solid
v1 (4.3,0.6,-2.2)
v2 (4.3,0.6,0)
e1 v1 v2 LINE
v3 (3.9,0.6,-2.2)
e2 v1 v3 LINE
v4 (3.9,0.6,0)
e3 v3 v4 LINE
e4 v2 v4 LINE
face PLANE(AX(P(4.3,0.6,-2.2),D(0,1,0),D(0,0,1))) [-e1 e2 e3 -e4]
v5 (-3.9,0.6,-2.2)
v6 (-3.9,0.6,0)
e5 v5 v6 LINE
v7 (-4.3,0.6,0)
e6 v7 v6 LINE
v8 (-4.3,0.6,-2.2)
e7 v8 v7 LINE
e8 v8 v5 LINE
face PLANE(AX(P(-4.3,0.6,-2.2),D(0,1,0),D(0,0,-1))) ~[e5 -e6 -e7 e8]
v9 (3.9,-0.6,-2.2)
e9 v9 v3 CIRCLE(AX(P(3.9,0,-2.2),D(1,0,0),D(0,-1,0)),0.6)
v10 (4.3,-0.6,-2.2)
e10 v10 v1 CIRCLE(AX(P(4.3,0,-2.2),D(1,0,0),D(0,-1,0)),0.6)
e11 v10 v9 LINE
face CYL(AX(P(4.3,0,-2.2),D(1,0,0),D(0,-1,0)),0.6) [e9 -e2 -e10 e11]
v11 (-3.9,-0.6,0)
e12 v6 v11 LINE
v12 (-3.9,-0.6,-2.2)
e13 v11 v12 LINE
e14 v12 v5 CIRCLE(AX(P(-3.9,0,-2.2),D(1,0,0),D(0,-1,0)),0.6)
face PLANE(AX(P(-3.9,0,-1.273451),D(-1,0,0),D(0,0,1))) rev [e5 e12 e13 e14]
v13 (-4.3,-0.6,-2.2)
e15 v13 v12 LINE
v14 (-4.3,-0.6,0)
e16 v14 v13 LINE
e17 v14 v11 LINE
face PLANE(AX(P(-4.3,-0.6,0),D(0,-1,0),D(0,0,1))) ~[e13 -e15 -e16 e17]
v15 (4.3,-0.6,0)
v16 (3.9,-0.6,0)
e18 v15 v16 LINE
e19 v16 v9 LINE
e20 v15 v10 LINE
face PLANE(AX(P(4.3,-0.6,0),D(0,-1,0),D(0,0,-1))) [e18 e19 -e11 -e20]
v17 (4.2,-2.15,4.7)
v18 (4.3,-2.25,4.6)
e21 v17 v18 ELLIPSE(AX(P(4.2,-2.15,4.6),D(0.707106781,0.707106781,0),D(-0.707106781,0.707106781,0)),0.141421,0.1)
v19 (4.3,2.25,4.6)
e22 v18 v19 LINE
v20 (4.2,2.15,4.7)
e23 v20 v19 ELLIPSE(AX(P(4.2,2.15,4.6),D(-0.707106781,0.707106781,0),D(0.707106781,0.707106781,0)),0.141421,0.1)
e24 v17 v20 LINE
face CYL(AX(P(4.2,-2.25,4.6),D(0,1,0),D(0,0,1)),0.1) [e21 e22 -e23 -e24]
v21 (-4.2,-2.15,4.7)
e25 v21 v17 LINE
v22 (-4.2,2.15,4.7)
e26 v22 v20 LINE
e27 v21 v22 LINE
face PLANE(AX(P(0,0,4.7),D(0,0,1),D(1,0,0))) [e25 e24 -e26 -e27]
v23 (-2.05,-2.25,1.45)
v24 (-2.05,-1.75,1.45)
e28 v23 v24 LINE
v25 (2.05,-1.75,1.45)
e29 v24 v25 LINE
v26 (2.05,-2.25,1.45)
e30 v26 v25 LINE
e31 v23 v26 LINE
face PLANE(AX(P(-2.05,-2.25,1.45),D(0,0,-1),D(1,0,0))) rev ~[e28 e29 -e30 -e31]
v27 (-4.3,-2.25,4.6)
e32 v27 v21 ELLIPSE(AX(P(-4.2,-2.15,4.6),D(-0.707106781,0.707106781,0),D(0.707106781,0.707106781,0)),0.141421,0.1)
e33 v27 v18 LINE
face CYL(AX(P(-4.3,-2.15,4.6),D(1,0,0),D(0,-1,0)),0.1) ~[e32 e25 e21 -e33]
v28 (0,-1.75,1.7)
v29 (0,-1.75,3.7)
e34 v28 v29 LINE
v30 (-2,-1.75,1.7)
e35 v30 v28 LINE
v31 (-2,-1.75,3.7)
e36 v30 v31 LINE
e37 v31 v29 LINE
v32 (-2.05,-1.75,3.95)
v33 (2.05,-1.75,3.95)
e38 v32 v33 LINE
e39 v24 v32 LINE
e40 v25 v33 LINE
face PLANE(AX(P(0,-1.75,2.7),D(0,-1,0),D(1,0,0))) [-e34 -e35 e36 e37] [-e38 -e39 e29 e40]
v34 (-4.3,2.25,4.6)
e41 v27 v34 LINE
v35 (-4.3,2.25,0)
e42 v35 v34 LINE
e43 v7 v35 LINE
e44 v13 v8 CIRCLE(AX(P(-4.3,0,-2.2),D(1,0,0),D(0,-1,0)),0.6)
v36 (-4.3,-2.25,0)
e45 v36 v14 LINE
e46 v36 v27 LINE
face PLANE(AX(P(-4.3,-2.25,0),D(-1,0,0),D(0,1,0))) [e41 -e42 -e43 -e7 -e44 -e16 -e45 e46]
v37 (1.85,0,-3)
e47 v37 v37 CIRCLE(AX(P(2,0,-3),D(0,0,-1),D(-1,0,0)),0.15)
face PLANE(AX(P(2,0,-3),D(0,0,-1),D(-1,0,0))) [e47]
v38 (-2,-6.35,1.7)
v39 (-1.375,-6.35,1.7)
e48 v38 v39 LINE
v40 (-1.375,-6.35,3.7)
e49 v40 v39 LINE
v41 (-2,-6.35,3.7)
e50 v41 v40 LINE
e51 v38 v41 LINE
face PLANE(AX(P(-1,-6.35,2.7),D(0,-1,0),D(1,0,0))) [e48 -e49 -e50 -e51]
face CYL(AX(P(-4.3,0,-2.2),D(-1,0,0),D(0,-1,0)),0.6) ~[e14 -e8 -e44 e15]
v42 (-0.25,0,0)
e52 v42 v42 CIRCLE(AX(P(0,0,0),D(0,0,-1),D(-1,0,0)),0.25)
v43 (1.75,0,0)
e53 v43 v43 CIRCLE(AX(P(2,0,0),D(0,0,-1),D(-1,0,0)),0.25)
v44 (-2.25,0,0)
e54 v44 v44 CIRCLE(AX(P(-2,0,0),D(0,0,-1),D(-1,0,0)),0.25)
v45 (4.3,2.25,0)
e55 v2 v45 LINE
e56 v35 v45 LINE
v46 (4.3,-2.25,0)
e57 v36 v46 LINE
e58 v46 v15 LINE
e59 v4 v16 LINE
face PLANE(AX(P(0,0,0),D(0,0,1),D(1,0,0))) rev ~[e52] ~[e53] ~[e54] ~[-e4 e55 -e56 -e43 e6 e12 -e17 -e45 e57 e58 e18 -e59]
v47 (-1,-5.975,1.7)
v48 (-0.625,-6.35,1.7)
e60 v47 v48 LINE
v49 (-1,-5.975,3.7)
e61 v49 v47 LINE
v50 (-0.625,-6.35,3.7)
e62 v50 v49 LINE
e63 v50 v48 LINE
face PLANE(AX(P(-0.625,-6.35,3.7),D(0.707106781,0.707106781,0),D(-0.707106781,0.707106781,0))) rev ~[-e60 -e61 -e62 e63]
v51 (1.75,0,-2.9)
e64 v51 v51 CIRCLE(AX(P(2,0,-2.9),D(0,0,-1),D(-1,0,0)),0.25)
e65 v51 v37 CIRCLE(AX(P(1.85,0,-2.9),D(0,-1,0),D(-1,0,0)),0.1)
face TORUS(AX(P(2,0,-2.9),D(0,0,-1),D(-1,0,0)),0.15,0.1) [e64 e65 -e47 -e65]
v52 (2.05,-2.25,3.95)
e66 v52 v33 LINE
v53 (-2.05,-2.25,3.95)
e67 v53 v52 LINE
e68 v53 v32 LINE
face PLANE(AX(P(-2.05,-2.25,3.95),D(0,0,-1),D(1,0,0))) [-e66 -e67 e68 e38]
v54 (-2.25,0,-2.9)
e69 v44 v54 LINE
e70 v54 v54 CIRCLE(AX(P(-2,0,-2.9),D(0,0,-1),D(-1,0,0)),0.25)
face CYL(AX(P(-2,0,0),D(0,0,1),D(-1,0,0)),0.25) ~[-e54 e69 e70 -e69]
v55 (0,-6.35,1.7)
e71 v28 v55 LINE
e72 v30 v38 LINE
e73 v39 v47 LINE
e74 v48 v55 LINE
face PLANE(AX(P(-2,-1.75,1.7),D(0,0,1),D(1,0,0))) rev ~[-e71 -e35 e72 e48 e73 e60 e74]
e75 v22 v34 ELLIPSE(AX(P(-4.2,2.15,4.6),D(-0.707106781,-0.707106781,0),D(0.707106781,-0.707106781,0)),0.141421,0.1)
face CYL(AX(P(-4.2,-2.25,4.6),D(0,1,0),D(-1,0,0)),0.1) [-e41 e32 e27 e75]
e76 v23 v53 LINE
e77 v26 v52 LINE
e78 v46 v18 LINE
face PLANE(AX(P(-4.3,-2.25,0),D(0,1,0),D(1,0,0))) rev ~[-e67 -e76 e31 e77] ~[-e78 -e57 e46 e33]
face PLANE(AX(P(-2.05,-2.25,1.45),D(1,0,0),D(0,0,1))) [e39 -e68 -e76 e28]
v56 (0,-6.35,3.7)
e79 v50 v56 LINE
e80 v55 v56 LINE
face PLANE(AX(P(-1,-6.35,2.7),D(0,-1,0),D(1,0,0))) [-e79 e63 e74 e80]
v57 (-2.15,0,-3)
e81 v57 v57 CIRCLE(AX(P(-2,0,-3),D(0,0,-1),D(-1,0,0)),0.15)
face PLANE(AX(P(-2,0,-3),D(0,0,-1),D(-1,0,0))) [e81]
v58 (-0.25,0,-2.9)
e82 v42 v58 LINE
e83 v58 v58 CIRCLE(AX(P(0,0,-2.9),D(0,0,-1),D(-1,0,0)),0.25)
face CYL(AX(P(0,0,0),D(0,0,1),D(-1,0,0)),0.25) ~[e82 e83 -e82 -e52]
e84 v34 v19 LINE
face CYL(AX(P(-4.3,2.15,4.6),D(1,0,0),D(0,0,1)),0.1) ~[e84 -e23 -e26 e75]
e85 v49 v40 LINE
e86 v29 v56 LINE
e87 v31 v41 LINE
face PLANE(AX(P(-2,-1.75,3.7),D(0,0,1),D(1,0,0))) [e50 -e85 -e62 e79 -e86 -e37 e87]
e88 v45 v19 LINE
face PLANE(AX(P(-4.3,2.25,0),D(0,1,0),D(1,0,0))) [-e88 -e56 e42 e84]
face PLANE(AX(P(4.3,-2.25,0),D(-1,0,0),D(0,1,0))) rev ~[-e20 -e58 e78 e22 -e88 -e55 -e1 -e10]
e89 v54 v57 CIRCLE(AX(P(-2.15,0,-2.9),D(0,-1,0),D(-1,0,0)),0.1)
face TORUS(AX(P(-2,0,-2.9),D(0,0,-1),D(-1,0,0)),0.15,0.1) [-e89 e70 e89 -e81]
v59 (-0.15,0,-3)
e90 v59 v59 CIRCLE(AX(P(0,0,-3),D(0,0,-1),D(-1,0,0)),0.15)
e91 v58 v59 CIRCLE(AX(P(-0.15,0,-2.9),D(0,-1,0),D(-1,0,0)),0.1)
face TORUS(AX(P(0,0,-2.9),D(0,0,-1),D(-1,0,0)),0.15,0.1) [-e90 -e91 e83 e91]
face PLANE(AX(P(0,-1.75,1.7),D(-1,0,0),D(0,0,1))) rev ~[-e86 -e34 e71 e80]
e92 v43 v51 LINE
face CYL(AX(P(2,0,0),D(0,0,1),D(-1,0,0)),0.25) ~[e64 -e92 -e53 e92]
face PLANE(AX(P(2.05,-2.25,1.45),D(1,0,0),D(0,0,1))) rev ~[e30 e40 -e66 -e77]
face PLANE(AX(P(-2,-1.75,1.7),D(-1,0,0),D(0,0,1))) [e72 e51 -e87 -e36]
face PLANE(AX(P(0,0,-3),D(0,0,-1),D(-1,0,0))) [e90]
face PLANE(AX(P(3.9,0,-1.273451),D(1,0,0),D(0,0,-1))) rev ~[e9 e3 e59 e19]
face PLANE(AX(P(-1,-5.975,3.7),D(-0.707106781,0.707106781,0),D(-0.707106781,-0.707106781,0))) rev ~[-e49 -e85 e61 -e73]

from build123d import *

# Parameters (mm, degrees)
SKETCH1_W           = 8.6
SKETCH1_H           = 4.5
BOSS_EXTRUDE1_DEPTH = 4.7
SKETCH2_W           = 4.1
SKETCH2_H           = 2.5
CUT_EXTRUDE1_DEPTH  = 0.5
BOSS_EXTRUDE2_DEPTH = 0.4
SKETCH4_R           = 0.25
BOSS_EXTRUDE3_DEPTH = 3
SKETCH5_W           = 2
SKETCH5_H           = 2
BOSS_EXTRUDE4_DEPTH = 4.6
CUT_EXTRUDE2_REACH  = 8.7
FILLET2_R           = 0.1


with BuildPart() as part:
    # Sketch1 → Boss-Extrude1 (new body)
    with BuildSketch(Plane.XY):
        Rectangle(SKETCH1_W, SKETCH1_H)
    extrude(amount=BOSS_EXTRUDE1_DEPTH)

    # Sketch2 → Cut-Extrude1 (cut)
    with BuildSketch(Plane.XZ.offset(2.25)):
        with Locations((0, 2.7)):
            Rectangle(SKETCH2_W, SKETCH2_H)
    extrude(amount=-CUT_EXTRUDE1_DEPTH, mode=Mode.SUBTRACT)

    # Sketch3 → Boss-Extrude2 (add)
    with BuildSketch(Plane(origin=(4.3, 0, 0), x_dir=(0, 0, -1), z_dir=(1, 0, 0))):
        with BuildLine():
            Line((0, 0.6), (0, -0.6))
            Line((0, -0.6), (2.2, -0.6))
            ThreePointArc((2.2, -0.6), (2.8, 0), (2.2, 0.6))
            Line((2.2, 0.6), (0, 0.6))
        make_face()
    boss_extrude2 = extrude(amount=-BOSS_EXTRUDE2_DEPTH)

    # Mirror1: Boss-Extrude2 across plane
    add(boss_extrude2.mirror(Plane(origin=(0, 0, 0), x_dir=(0, 0, 1), z_dir=(1, 0, 0))))

    # Sketch4 → Boss-Extrude3 (add)
    with BuildSketch(Plane(origin=(0, 0, 0), x_dir=(-1, 0, 0), z_dir=(0, 0, -1))):
        with Locations((2, 0)):
            Circle(SKETCH4_R)
        Circle(SKETCH4_R)
        with Locations((-2, 0)):
            Circle(SKETCH4_R)
    extrude(amount=BOSS_EXTRUDE3_DEPTH)

    # Sketch5 → Boss-Extrude4 (add)
    with BuildSketch(Plane.XZ.offset(1.75)):
        with Locations((-1, 2.7)):
            Rectangle(SKETCH5_W, SKETCH5_H)
    extrude(amount=BOSS_EXTRUDE4_DEPTH)

    # Sketch6 → Cut-Extrude2 (cut, up to next)
    with BuildSketch(Plane.XY.offset(3.7), mode=Mode.PRIVATE) as cut_extrude2_sk1:
        Polygon((-1, -5.975), (-1.375, -6.35), (-0.625, -6.35), align=None)
    cut_extrude2_tool1 = extrude(cut_extrude2_sk1.sketch, amount=-CUT_EXTRUDE2_REACH, mode=Mode.PRIVATE) & part.part
    add(cut_extrude2_tool1.solids().sort_by_distance((-1, -6.225, 3.7))[0], mode=Mode.SUBTRACT)

    # Fillet2
    fillet2_edges = [part.edges().sort_by_distance(p)[0] for p in [
        (4.3, 0, 4.7),
        (0, 2.25, 4.7),
        (-4.3, 0, 4.7),
        (-1.75, 0, -3),
        (0.25, 0, -3),
        (2.25, 0, -3),
        (0, -2.25, 4.7),
    ]]
    fillet(fillet2_edges, radius=FILLET2_R)


solid = part.part
